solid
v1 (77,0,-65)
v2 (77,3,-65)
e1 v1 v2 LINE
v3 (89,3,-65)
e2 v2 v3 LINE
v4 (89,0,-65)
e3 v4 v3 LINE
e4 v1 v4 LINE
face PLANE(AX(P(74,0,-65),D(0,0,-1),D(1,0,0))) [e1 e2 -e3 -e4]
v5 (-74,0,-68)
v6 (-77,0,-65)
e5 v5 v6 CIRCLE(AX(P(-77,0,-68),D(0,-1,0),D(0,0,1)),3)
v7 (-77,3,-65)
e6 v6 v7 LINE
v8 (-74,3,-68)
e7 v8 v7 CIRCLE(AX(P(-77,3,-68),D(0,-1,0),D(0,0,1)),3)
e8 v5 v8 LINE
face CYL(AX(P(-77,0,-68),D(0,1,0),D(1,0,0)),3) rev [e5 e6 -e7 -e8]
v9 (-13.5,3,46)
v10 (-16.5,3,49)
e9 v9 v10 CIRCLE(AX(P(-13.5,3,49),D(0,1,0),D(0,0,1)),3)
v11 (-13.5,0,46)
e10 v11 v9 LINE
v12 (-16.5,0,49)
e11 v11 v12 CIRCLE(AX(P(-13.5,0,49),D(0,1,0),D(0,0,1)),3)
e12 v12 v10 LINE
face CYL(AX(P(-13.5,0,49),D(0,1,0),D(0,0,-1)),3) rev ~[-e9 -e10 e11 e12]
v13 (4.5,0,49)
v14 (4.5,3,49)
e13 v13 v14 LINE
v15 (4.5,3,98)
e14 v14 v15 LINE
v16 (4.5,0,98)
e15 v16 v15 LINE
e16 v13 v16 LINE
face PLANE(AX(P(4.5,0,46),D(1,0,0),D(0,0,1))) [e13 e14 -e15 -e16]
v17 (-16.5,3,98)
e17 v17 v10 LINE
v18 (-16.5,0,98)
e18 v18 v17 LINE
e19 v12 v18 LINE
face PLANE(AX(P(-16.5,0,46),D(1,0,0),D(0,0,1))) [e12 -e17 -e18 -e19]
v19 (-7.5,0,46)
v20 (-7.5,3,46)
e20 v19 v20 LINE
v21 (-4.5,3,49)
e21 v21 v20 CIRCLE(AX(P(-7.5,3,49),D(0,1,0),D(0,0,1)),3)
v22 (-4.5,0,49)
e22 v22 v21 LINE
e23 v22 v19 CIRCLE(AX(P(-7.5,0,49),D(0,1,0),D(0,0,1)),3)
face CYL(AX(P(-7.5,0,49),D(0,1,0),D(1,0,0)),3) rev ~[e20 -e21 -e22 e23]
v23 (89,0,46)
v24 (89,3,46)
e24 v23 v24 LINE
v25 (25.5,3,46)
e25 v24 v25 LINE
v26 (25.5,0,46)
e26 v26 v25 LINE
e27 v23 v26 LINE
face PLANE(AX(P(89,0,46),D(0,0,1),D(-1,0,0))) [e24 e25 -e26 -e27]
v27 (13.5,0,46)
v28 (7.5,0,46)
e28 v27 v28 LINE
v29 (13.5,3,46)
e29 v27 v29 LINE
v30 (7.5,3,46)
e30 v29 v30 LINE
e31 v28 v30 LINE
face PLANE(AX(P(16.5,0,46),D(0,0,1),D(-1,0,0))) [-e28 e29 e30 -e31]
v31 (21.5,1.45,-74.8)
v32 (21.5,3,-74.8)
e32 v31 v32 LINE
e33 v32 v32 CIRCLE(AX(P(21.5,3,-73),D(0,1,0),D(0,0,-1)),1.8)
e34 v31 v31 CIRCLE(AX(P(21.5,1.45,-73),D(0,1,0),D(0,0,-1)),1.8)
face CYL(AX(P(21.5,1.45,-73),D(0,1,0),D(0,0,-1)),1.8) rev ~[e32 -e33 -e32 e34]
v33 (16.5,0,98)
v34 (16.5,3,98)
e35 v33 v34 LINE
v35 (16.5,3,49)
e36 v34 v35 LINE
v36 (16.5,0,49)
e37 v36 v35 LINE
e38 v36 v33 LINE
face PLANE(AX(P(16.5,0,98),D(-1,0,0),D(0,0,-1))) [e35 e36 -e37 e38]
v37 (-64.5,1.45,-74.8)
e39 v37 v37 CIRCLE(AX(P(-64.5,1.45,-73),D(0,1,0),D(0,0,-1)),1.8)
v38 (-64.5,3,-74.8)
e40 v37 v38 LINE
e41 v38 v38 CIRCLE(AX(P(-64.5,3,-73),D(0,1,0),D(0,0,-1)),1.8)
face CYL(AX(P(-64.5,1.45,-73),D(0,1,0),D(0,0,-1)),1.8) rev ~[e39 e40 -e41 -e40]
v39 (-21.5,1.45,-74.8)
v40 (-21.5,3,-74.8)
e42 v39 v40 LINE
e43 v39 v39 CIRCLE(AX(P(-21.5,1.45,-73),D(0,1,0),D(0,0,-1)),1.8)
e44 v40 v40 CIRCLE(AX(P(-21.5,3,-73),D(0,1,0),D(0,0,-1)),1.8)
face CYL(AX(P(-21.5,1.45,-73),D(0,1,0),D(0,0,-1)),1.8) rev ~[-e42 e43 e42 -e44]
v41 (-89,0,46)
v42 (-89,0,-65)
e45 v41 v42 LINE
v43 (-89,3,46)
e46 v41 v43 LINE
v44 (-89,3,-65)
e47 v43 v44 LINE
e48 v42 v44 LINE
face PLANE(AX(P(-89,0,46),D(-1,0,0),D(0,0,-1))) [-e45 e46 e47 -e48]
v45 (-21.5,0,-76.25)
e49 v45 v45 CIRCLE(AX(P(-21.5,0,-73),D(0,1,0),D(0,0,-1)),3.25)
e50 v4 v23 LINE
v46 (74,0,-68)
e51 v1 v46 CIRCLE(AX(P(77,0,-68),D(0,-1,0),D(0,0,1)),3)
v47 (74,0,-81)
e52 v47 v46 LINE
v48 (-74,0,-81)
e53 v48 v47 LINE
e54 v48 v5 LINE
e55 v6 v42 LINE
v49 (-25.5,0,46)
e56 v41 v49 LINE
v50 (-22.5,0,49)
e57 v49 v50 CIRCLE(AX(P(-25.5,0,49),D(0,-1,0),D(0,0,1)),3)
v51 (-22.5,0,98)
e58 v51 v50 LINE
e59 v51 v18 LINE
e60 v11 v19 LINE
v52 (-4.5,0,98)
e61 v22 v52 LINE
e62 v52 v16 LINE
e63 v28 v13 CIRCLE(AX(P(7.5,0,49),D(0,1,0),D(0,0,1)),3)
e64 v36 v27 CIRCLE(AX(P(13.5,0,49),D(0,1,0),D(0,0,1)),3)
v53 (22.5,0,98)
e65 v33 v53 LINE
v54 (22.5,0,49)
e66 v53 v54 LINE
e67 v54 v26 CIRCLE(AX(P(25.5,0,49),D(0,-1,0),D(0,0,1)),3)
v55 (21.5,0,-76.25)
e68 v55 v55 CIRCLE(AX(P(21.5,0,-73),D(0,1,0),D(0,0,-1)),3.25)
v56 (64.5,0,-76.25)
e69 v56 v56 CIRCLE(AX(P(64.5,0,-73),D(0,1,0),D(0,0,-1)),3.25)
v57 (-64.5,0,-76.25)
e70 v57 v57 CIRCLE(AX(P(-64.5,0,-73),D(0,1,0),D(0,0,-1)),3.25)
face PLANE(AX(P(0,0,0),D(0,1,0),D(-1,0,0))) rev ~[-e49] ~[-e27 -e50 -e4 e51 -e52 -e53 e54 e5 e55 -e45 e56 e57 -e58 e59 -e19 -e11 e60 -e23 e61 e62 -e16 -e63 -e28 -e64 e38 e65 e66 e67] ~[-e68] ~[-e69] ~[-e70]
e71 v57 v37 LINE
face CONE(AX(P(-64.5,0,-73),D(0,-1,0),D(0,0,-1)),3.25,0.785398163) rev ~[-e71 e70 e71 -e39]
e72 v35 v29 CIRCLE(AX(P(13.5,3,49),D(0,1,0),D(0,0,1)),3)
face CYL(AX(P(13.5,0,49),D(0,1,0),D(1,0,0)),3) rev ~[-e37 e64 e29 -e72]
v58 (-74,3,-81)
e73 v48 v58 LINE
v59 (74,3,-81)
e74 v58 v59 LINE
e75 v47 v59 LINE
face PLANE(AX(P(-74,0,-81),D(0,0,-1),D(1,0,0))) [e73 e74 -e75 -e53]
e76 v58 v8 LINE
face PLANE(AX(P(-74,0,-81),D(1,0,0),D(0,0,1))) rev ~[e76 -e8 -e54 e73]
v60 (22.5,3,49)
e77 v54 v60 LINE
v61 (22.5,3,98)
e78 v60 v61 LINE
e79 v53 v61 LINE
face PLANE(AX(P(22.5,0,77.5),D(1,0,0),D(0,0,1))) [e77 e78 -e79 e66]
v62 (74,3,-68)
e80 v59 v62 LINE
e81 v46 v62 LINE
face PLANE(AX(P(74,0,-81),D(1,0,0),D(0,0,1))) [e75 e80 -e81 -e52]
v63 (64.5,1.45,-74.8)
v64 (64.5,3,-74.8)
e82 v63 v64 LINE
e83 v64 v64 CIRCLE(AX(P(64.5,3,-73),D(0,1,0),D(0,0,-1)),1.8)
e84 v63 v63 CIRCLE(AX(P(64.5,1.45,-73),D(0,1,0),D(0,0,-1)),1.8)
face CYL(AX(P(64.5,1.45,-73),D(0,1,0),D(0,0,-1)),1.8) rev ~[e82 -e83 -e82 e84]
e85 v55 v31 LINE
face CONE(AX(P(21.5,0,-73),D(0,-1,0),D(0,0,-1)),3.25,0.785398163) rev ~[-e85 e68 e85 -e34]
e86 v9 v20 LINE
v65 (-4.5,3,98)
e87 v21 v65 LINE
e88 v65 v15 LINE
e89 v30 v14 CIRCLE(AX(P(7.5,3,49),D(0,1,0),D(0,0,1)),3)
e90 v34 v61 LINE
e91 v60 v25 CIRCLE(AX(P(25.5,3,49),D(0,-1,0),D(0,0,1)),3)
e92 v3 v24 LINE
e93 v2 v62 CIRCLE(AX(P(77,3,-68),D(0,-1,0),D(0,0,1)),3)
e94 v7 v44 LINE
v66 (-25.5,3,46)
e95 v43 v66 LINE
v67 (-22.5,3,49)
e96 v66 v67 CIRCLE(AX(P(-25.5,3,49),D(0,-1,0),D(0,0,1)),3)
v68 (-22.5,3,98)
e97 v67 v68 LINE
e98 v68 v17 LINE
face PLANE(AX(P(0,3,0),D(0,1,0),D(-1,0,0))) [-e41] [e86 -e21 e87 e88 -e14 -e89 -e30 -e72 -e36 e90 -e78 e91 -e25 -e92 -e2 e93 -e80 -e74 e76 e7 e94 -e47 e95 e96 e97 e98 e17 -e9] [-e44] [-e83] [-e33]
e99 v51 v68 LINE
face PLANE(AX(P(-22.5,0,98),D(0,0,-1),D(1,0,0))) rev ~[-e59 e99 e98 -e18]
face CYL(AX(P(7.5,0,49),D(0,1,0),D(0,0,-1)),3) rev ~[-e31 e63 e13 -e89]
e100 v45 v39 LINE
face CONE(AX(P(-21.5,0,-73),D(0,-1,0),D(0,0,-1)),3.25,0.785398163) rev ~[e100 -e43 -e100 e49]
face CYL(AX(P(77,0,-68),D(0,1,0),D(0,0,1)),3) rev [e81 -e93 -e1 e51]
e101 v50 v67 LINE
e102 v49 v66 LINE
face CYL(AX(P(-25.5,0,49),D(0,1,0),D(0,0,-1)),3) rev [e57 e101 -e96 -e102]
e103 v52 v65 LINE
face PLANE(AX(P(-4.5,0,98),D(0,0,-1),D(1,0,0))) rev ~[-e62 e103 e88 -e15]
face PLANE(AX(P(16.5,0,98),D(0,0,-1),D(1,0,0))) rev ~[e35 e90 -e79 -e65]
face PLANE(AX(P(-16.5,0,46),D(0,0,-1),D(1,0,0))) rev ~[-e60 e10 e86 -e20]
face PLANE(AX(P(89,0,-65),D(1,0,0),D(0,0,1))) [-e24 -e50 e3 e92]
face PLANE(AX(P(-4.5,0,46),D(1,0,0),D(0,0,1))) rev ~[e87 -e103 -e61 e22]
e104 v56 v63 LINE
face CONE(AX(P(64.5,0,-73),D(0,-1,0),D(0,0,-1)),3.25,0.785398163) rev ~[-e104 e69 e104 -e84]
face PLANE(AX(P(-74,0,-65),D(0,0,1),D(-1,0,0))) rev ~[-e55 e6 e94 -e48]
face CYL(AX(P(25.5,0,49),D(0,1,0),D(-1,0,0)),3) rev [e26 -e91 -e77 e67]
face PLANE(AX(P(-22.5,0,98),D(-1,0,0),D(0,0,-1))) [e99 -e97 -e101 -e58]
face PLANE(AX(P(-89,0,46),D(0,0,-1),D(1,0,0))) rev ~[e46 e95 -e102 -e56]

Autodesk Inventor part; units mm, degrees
ref_plane "YZ Plane" through (0, 0, 0) normal (1, 0, 0) x (0, 1, 0)
ref_plane "XZ Plane" through (0, 0, 0) normal (0, 1, 0) x (-1, 0, 0)
ref_plane "XY Plane" through (0, 0, 0) normal (0, 0, 1) x (1, 0, 0)
sketch "Sketch2" plane through (0, 0, 0) normal (0, 1, 0) x (-1, 0, 0)
  line L0 (-89, 99) -> (89, 99)
  line L1 (89, 99) -> (89, -99)
  line L2 (89, -99) -> (-89, -99)
  line L3 (-89, -99) -> (-89, 99)
  line L4 (-89, 99) -> (89, -99) construction
  line L5 (89, 99) -> (-89, -99) construction
  line L6 (-89, 99) -> (89, 99)
  line L7 (89, 99) -> (89, -81)
  line L8 (89, -81) -> (-89, -81)
  line L9 (-89, -81) -> (-89, 99)
  line L10 (-4.5, 99) -> (-89, 99)
  line L11 (-89, 99) -> (-89, 46)
  line L12 (-89, 46) -> (-4.5, 46)
  line L13 (-4.5, 46) -> (-4.5, 99)
  line L14 (4.5, 99) -> (89, 99)
  line L15 (89, 99) -> (89, 46)
  line L16 (89, 46) -> (4.5, 46)
  line L17 (4.5, 46) -> (4.5, 99)
  line L18 (22.5, 77.5) -> (22.5, 66.5) projected
  line L19 (16.5, 66.5) -> (16.5, 77.5) projected
  line L20 (-22.5, 66.5) -> (-22.5, 77.5) projected
  line L21 (-16.5, 77.5) -> (-16.5, 66.5) projected
  line L22 (-22.5, 99) -> (-16.5, 99)
  line L23 (-16.5, 99) -> (-16.5, 46)
  line L24 (-16.5, 46) -> (-22.5, 46)
  line L25 (-22.5, 46) -> (-22.5, 99)
  line L26 (16.5, 99) -> (22.5, 99)
  line L27 (22.5, 99) -> (22.5, 46)
  line L28 (22.5, 46) -> (16.5, 46)
  line L29 (16.5, 46) -> (16.5, 99)
  line L30 (-89, 99) -> (89, 99)
  line L31 (89, 99) -> (89, 98)
  line L32 (89, 98) -> (-89, 98)
  line L33 (-89, 98) -> (-89, 99)
  line L34 (89, -81) -> (74, -81)
  line L35 (74, -81) -> (74, -65)
  line L36 (74, -65) -> (89, -65)
  line L37 (89, -65) -> (89, -81)
  line L38 (-89, -81) -> (-74, -81)
  line L39 (-74, -81) -> (-74, -65)
  line L40 (-74, -65) -> (-89, -65)
  line L41 (-89, -65) -> (-89, -81)
  point P0 (0, 0)
  point P1 (4.5, 99)
  point P2 (-4.5, 99)
  point P3 (-89, 46)
  point P4 (89, 46)
  point P5 (4.5, 98)
  point P6 (-4.5, 98)
  point P7 (-16.5, 98)
  point P8 (-22.5, 98)
  point P9 (22.5, 98)
  point P10 (16.5, 98)
  dimension "d8" = 178
  dimension "d9" = 198
  dimension "d10" = 18
  dimension "d11" = 84.5
  dimension "d12" = 53
  dimension "d13" = 84.5
  dimension "d14" = 53
  dimension "d17" = 9
  dimension "d18" = 1
  dimension "d19" = 15
  dimension "d20" = 16
  dimension "d21" = 15
  dimension "d22" = 16
extrude "Extrusion2" add sketch "Sketch2" along normal blind 3 contours L32 L23 L21 L12 L25 L20 | L12 L13 L32 L17 L16 L1 L36 L35 L8 L39 L40 L3 | L32 L27 L18 L16 L29 L19
fillet "Fillet1" radius 3 6 edges at (22.5, 1.5, 46) (-22.5, 1.5, 46) (-16.5, 1.5, 46) (-4.5, 1.5, 46) (4.5, 1.5, 46) (16.5, 1.5, 46)
fillet "Fillet2" radius 3 2 edges at (74, 1.5, -65) (-74, 1.5, -65)
sketch "Sketch5" plane through (0, 0, 0) normal (0, -1, 0) x (1, 0, 0)
  circle A0 centre (64.5, -73) radius 1.2295 projected
  circle A1 centre (21.5, -73) radius 1.2295 projected
  circle A2 centre (-21.5, -73) radius 1.2295 projected
  circle A3 centre (-64.5, -73) radius 1.2295 projected
  point P0 (0, 0)
hole "Hole2" at (64.5, 0, -73) at (21.5, 0, -73) at (-21.5, 0, -73) at (-64.5, 0, -73) direction (0, 1, 0) diameter 3.6 end through all countersink diameter 6.5 countersink angle 90 clearance for "Countersunk Flat Head Screw ISO 2009/7046" size "M3" standard "ISO"
equation "\"d11\" = d13"
properties part number "base" material "Aluminum 6061"
